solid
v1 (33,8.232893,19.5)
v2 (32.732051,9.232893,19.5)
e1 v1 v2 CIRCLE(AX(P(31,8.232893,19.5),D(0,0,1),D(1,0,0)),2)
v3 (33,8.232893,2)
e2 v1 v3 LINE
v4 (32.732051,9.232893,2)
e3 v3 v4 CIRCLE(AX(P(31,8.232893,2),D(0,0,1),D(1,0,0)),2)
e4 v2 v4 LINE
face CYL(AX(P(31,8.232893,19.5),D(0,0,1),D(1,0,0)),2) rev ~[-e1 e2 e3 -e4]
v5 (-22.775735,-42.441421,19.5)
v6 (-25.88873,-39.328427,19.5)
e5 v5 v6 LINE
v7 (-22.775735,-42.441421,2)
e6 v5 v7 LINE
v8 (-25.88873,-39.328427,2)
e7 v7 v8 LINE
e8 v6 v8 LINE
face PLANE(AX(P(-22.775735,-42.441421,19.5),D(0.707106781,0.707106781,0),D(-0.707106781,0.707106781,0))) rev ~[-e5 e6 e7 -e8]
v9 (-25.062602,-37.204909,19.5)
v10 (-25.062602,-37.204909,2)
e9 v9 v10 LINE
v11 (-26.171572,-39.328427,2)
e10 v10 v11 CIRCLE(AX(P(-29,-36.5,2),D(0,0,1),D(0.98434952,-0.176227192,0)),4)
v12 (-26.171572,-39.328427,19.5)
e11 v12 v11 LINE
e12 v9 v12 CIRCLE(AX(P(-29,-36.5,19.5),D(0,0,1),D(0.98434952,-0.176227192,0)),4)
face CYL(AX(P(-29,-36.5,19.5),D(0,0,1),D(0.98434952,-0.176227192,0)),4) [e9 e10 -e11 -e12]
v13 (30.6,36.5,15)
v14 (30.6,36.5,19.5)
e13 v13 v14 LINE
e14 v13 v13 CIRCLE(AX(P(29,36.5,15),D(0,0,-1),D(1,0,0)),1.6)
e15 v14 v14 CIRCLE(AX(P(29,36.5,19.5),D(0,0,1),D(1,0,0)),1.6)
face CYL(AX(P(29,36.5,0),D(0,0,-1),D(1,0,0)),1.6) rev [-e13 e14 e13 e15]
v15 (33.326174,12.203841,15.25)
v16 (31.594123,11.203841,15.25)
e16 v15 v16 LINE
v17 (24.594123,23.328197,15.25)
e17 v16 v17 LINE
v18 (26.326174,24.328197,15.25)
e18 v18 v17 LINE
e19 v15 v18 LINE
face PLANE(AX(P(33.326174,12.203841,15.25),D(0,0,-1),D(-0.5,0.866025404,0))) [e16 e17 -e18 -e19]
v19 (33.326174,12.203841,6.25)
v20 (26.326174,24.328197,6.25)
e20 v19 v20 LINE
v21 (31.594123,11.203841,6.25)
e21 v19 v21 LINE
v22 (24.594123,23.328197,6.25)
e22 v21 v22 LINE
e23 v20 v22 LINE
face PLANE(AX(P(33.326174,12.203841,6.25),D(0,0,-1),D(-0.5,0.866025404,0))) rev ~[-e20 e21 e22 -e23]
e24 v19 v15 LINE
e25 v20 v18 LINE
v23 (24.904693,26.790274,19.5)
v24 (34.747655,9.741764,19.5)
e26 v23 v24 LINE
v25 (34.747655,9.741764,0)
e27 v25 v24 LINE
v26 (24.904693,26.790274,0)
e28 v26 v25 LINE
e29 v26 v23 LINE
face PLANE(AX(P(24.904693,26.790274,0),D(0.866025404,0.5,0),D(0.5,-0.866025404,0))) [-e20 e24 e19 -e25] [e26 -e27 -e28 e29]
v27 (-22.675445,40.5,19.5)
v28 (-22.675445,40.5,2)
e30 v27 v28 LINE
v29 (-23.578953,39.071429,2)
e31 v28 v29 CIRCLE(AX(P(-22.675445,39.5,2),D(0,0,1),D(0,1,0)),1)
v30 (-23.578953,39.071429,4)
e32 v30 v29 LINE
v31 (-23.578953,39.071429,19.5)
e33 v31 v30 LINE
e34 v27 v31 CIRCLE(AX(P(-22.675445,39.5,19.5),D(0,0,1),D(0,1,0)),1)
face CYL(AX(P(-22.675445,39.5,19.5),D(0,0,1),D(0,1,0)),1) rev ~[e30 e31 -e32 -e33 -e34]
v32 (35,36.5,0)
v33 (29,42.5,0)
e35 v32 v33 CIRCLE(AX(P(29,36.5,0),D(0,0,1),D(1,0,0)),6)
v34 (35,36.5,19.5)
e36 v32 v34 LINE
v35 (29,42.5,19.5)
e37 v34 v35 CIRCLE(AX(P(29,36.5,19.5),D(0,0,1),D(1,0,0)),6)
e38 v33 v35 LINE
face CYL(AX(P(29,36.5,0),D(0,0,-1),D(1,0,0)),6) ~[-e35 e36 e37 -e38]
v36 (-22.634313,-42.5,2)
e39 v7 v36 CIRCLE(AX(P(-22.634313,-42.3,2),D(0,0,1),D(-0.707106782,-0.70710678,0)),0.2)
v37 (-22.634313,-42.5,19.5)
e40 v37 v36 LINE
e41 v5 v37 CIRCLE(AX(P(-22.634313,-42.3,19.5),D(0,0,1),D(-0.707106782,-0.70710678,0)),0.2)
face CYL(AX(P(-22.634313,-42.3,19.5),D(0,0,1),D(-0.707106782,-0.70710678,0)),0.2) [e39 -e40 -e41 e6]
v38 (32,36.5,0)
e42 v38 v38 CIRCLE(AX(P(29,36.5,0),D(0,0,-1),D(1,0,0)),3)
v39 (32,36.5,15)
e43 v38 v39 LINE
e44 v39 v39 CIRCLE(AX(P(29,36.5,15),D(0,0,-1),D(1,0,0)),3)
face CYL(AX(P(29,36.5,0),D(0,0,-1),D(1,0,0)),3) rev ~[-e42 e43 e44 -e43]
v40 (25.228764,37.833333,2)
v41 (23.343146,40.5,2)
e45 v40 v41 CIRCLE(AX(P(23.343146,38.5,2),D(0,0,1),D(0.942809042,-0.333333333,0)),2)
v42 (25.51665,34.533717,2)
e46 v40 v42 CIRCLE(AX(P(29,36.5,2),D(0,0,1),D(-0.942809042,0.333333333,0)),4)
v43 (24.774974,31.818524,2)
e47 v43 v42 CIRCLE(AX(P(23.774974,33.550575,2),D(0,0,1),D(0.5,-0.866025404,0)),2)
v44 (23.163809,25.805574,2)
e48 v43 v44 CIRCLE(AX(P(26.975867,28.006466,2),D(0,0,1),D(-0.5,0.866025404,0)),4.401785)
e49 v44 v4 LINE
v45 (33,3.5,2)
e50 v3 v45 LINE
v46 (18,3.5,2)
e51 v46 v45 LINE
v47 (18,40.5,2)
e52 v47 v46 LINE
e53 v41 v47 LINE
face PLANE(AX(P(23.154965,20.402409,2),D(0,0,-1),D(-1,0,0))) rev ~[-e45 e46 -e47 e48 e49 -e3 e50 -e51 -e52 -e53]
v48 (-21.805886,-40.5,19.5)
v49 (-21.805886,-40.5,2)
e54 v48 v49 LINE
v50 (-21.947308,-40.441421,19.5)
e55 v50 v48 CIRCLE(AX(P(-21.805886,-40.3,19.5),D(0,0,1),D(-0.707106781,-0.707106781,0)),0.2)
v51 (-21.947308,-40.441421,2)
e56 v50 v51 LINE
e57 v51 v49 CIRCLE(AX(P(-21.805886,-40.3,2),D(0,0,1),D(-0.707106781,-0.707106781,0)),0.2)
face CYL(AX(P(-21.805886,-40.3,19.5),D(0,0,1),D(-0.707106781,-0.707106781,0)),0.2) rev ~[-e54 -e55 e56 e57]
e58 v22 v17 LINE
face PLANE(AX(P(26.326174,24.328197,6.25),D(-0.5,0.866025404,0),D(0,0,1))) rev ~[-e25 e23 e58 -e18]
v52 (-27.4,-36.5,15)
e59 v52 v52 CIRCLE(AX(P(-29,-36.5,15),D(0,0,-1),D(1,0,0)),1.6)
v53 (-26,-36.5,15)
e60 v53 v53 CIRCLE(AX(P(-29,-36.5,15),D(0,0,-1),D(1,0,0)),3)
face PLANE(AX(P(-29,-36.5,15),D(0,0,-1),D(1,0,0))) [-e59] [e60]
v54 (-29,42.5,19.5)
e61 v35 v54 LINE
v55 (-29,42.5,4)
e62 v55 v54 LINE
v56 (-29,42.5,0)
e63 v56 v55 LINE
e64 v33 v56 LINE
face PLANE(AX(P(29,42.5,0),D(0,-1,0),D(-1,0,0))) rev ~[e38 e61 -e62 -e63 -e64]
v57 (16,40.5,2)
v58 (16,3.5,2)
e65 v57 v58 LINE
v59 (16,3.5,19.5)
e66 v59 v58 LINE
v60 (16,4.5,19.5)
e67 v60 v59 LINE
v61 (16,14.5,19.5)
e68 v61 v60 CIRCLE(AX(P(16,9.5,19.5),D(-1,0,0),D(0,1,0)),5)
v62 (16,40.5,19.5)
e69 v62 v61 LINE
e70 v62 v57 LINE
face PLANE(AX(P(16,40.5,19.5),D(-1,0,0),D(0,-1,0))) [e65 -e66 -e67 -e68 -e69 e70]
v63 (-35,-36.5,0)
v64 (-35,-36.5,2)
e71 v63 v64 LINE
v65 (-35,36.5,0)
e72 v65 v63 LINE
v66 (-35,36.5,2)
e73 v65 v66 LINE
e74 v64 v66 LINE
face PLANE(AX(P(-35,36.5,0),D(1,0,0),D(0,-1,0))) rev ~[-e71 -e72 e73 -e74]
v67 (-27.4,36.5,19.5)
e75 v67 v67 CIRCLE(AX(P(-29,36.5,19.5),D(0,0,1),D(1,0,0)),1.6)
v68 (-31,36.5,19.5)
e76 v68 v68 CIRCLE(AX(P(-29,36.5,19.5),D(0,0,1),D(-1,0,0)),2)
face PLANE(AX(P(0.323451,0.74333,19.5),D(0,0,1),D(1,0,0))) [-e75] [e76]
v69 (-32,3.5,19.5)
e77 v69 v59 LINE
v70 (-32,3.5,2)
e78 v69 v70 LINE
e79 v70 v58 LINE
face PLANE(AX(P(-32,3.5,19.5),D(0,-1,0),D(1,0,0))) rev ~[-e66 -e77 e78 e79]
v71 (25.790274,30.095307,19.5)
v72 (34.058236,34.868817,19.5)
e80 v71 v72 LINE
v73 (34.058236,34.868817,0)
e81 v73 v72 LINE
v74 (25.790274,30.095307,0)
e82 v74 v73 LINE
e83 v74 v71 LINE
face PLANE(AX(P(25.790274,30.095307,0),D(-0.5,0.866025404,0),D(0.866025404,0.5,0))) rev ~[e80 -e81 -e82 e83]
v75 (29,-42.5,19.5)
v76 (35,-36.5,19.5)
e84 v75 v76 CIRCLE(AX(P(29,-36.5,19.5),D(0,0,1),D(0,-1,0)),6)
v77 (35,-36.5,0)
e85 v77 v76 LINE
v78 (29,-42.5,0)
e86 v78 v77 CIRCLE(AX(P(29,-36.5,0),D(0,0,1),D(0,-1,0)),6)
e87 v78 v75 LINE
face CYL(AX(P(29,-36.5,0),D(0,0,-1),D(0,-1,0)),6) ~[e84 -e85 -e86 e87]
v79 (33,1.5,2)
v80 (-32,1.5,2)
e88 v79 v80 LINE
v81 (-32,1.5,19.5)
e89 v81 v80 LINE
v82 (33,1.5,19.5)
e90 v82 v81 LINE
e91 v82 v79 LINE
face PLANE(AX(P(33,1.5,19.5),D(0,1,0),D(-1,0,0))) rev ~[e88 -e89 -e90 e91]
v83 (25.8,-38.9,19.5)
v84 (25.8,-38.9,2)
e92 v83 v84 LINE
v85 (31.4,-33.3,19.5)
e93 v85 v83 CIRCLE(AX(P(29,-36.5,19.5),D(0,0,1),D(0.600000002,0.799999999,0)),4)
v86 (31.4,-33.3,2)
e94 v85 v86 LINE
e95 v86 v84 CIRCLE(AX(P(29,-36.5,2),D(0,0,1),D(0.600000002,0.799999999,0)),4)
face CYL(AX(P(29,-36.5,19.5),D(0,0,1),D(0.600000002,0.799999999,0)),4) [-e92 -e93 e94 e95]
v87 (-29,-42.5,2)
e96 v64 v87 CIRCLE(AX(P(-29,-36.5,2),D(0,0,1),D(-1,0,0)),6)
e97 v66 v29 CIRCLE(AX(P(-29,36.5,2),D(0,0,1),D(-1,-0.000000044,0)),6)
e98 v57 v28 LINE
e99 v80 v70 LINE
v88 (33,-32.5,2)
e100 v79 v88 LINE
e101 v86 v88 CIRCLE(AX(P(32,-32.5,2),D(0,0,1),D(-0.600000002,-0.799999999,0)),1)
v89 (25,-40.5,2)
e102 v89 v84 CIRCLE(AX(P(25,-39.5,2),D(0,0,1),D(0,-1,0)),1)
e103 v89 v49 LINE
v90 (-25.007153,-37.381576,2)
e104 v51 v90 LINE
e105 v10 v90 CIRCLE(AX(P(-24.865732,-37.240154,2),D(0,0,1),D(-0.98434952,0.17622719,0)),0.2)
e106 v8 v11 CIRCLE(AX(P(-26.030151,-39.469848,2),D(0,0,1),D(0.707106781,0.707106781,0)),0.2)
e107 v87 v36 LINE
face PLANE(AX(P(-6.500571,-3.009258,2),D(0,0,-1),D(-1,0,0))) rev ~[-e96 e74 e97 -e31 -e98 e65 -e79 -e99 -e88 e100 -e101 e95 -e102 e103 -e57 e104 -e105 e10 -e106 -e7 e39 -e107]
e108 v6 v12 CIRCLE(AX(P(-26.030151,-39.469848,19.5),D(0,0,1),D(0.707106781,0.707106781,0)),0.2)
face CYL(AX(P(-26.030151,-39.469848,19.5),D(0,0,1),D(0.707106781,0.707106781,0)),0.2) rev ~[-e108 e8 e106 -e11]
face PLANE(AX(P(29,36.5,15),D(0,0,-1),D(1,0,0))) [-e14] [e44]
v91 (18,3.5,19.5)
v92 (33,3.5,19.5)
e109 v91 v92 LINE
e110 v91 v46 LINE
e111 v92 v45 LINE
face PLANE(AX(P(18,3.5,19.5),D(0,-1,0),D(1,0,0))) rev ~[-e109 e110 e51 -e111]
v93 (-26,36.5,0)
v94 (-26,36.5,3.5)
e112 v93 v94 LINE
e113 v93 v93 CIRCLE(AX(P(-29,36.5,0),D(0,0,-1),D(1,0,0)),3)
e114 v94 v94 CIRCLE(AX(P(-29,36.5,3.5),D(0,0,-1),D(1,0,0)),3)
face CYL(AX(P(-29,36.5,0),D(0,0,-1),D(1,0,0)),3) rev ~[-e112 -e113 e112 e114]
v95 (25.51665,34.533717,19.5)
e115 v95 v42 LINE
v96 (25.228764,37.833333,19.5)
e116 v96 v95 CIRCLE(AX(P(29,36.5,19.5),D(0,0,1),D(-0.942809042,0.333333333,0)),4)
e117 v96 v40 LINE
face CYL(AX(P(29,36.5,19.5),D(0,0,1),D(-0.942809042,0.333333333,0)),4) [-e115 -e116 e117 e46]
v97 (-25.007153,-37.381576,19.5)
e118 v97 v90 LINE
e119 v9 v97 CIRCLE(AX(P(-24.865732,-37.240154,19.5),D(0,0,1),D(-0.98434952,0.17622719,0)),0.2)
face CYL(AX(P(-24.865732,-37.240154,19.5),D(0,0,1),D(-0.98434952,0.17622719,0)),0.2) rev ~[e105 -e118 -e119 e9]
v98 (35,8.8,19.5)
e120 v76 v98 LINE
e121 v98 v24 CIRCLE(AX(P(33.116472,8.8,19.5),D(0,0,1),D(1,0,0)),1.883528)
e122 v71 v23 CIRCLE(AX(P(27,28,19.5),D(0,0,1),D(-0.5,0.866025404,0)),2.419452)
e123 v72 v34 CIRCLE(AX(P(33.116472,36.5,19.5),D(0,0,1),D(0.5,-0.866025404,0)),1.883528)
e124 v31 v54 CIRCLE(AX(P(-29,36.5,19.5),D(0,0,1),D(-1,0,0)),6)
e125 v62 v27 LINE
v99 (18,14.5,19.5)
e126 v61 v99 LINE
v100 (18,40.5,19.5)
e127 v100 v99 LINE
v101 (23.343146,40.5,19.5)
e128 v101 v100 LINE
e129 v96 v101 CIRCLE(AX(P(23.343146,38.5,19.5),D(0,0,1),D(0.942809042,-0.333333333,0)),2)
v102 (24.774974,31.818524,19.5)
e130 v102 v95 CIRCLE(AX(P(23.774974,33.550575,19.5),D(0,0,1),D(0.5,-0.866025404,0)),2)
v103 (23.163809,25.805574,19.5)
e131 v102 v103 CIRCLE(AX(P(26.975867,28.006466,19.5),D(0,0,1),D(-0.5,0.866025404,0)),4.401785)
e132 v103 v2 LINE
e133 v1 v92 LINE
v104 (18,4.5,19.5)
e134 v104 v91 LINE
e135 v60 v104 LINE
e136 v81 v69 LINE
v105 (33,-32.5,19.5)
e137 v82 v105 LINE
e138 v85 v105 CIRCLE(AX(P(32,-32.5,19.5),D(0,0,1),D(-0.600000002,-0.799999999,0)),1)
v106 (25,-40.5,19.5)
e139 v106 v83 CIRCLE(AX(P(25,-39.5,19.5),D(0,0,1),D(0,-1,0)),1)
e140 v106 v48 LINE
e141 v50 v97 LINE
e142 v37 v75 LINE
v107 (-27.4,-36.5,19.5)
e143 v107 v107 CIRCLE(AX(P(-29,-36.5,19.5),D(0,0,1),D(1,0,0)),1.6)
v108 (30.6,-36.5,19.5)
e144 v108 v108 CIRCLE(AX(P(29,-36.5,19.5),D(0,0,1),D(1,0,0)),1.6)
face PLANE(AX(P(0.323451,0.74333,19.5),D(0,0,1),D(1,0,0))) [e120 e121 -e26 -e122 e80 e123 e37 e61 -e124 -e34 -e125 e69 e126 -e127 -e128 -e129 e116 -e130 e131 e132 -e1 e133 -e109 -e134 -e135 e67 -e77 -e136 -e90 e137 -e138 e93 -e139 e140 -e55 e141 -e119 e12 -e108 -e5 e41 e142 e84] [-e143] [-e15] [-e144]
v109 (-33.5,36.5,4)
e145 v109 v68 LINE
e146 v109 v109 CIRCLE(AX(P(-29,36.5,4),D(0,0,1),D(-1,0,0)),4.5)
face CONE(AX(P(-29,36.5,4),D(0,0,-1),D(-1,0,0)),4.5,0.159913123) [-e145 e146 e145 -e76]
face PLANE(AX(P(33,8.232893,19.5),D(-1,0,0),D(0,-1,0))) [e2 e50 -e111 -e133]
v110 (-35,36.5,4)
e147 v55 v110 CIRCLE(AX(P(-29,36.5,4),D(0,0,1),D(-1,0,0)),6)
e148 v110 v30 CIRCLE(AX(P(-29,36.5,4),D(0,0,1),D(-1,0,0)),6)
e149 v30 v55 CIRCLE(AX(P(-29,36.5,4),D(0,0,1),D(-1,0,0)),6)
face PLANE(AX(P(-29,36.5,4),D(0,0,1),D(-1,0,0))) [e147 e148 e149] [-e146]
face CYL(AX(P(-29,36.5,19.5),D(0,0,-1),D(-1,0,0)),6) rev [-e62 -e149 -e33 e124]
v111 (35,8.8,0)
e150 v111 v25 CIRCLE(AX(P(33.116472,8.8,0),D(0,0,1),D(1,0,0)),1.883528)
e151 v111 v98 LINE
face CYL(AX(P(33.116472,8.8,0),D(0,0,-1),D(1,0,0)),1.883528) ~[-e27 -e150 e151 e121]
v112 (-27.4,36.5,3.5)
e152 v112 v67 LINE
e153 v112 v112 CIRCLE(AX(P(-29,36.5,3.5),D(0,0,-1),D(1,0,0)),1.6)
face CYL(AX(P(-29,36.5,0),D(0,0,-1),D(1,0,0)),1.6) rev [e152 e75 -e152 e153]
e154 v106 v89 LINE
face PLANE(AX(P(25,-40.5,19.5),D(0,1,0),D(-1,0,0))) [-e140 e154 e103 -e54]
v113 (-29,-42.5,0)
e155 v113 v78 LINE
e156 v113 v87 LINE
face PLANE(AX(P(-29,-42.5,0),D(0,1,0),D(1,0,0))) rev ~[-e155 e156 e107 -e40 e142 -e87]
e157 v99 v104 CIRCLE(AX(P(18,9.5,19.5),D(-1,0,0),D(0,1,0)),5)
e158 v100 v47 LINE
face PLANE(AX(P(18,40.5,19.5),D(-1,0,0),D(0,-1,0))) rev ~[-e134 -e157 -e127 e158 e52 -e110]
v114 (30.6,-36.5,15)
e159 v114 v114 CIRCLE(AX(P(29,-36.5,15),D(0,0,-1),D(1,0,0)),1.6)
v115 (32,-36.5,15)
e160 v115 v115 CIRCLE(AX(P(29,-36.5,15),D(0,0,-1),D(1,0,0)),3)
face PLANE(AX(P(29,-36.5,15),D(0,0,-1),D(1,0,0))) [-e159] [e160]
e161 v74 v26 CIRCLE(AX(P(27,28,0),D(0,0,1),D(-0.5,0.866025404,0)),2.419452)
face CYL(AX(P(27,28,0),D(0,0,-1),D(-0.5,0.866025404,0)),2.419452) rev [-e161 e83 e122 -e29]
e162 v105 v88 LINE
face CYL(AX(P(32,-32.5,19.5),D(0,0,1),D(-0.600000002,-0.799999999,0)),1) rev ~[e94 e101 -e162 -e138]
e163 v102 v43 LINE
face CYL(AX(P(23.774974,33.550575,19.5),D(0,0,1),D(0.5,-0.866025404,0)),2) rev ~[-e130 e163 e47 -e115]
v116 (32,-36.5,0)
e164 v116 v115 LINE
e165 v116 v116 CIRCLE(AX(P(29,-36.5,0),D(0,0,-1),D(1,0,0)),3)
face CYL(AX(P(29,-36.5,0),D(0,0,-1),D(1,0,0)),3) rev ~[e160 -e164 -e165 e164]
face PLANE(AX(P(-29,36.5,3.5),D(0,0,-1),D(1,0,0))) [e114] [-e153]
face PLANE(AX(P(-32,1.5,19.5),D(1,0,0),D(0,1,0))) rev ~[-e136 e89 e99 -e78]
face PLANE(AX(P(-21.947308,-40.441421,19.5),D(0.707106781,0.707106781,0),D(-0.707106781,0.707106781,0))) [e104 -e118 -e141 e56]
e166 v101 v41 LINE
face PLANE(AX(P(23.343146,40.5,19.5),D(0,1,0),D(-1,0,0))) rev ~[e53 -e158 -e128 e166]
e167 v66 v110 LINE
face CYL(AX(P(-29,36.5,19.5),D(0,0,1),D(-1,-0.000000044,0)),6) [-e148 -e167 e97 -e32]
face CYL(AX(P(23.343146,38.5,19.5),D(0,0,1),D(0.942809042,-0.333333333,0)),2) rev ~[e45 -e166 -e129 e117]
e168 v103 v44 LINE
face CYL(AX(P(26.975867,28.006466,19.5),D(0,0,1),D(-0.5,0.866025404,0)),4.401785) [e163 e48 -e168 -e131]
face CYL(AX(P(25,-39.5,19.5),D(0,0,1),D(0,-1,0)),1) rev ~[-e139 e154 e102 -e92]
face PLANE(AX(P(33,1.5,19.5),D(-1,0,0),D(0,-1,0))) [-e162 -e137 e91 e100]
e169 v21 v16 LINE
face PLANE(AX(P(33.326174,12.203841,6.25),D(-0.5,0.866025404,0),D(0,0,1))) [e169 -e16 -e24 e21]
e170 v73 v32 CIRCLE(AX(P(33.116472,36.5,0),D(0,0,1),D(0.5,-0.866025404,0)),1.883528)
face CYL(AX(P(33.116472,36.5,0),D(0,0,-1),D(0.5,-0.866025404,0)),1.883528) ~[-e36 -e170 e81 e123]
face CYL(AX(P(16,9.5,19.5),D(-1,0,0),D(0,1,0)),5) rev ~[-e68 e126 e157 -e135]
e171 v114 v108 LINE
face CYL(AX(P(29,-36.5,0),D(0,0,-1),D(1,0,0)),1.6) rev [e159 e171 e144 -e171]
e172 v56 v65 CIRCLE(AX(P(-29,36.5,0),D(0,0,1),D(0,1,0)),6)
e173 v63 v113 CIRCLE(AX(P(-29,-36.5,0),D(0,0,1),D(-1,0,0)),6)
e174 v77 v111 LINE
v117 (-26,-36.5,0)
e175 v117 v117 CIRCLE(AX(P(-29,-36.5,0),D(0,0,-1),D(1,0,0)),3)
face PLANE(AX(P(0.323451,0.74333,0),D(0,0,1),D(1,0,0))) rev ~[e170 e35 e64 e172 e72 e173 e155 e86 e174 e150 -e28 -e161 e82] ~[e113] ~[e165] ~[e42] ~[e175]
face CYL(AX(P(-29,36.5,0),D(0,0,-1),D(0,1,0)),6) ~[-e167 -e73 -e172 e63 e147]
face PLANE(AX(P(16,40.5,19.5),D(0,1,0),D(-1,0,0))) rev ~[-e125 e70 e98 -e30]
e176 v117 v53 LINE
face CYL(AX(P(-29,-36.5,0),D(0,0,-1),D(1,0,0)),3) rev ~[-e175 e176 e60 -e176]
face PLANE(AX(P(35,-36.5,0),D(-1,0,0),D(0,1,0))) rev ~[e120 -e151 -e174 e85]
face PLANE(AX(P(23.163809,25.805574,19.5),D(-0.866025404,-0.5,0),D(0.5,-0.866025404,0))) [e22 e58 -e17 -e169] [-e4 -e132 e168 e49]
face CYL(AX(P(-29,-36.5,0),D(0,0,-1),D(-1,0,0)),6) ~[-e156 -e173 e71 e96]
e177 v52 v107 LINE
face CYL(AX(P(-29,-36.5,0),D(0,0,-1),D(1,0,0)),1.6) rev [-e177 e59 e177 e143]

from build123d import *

# Parameters (mm, degrees)
SKETCH002_R     = 1.6
PAD001_DEPTH    = 19.5
POCKET001_DEPTH = 17.5
SKETCH005_R     = 3
POCKET002_DEPTH = 15
SKETCH006_R     = 3
POCKET003_DEPTH = 3.5
POCKET004_DEPTH = 2
SKETCH008_W     = 14
SKETCH008_H     = 9
POCKET005_DEPTH = 2


with BuildPart() as part:
    # Sketch002 → Pad001 (new body)
    with BuildSketch(Plane.XY):
        with BuildLine():
            Line((-35, 36.5000000001), (-35, -36.5))
            ThreePointArc((-35, -36.5), (-33.2426406871, -40.7426406871), (-29, -42.5))
            Line((-29, -42.5), (29, -42.5))
            ThreePointArc((29, -42.5), (33.2426406868, -40.7426406875), (35, -36.500000001))
            Line((35, -36.500000001), (35.0000000077, 8.799999999))
            ThreePointArc((35.0000000077, 8.799999999), (34.9358203402, 9.2874929726), (34.747655076, 9.7417641056))
            Line((24.9046932533, 26.7902740862), (34.747655076, 9.7417641056))
            ThreePointArc((25.7902740862, 30.0953067467), (24.6629889937, 28.6262002123), (24.9046932533, 26.7902740862))
            Line((25.7902740862, 30.0953067467), (34.0582358931, 34.8688167197))
            ThreePointArc((34.0582358931, 34.8688167197), (34.7476550681, 35.5582358947), (34.9999999999, 36.5000000017))
            ThreePointArc((34.9999999999, 36.5000000017), (33.2426406864, 40.7426406877), (28.9999999999, 42.5))
            Line((28.9999999999, 42.5), (-29.0000000001, 42.5))
            ThreePointArc((-29.0000000001, 42.5), (-33.2426406871, 40.7426406871), (-35, 36.5000000001))
        make_face()
        with Locations((28.9999999999, 36.5)):
            Circle(SKETCH002_R, mode=Mode.SUBTRACT)
        with Locations((29, -36.5)):
            Circle(SKETCH002_R, mode=Mode.SUBTRACT)
        with Locations((-29, -36.5)):
            Circle(SKETCH002_R, mode=Mode.SUBTRACT)
        with Locations((-29.0000000001, 36.5000000001)):
            Circle(SKETCH002_R, mode=Mode.SUBTRACT)
    extrude(amount=PAD001_DEPTH)

    # Sketch003 (on Face19 of Pad001) → Pocket001 (cut)
    with BuildSketch(Plane.XY.offset(19.5)):
        with BuildLine():
            ThreePointArc((25.2287638336, 37.8333333333), (25.0151381406, 36.1523277954), (25.516649593, 34.5337167186))
            ThreePointArc((24.7749743893, 31.8185242701), (25.7042911697, 33.0235677135), (25.516649593, 34.5337167186))
            ThreePointArc((24.7749743893, 31.8185242701), (22.7240689546, 29.1457322713), (23.1638091612, 25.8055737838))
            Line((23.1638091612, 25.8055737838), (32.7320508154, 9.2328930931))
            ThreePointArc((33.0000000077, 8.2328930934), (32.9318516603, 8.7505311835), (32.7320508154, 9.2328930931))
            Line((33.0000000077, 8.2328930934), (33.0000000077, 3.5))
            Line((18.0000000077, 3.5), (33.0000000077, 3.5))
            Line((18.0000000077, 40.5), (18.0000000077, 3.5))
            Line((23.3431457504, 40.5), (18.0000000077, 40.5))
            ThreePointArc((25.2287638336, 37.8333333333), (24.9761389123, 39.6547005384), (23.3431457504, 40.5))
        make_face()
        with BuildLine():
            ThreePointArc((31.4000000061, -33.3000000046), (26.171572878, -33.6715728725), (25.8, -38.9))
            ThreePointArc((25, -40.5), (25.894427191, -39.9472135955), (25.8, -38.9))
            Line((25, -40.5), (-21.8058862217, -40.5))
            ThreePointArc((-21.947307578, -40.4414213562), (-21.8824229082, -40.4847759065), (-21.8058862217, -40.5))
            Line((-21.947307578, -40.4414213562), (-25.0071533734, -37.3815755608))
            ThreePointArc((-25.0626019212, -37.2049087662), (-25.0565540108, -37.3000454956), (-25.0071533734, -37.3815755608))
            ThreePointArc((-25.0626019212, -37.2049087662), (-32.5456214666, -34.648360614), (-26.1715722902, -39.3284265397))
            ThreePointArc((-25.8887295485, -39.3284265105), (-26.0301509254, -39.2698478667), (-26.1715722902, -39.3284265397))
            Line((-22.7757347027, -42.4414213562), (-25.8887295485, -39.3284265105))
            ThreePointArc((-22.7757347027, -42.4414213562), (-22.710850033, -42.4847759065), (-22.6343133465, -42.5))
            Line((-29, -42.5), (-22.6343133465, -42.5))
            ThreePointArc((-35, -36.5), (-33.2426406871, -40.7426406871), (-29, -42.5))
            Line((-35, -36.5), (-35, 36.4999997364))
            ThreePointArc((-35, 36.4999997364), (-27.6821008816, 30.6465273631), (-23.5789525827, 39.0714285714))
            ThreePointArc((-22.6754446798, 40.5), (-23.5205989345, 40.0345224838), (-23.5789525827, 39.0714285714))
            Line((16.0000000077, 40.5), (-22.6754446798, 40.5))
            Line((16.0000000077, 40.5), (16.0000000077, 3.5))
            Line((-32, 3.5), (16.0000000077, 3.5))
            Line((-32, 1.5), (-32, 3.5))
            Line((33.0000000077, 1.5), (-32, 1.5))
            Line((33.0000000077, 1.5), (33.0000000077, -32.5000000058))
            ThreePointArc((31.4000000061, -33.3000000046), (32.4472136023, -33.3944271972), (33.0000000077, -32.5000000058))
        make_face()
    extrude(amount=-POCKET001_DEPTH, mode=Mode.SUBTRACT)

    # Sketch004 (on DatumLine) → Groove (revolve, cut)
    with BuildSketch(Plane(origin=(-29.0000000001, 36.5000000001, 19.5), x_dir=(1, 0, 0), z_dir=(0, -1, 0))):
        Polygon((-5.9999999999, 0), (-5.9999999999, -15.5), (-4.4999999999, -15.5), (-2, 0), align=None)
    revolve(axis=Axis((-29.0000000001, 36.5000000001, 19.5), (0, 0, 1)), mode=Mode.SUBTRACT)

    # Sketch005 (on Face4 of Groove) → Pocket002 (cut)
    with BuildSketch(Plane(origin=(0, 0, 0), x_dir=(1, 0, 0), z_dir=(0, 0, -1))):
        with Locations((29, -36.5)):
            Circle(SKETCH005_R)
        with Locations((29, 36.5)):
            Circle(SKETCH005_R)
        with Locations((-29, 36.5)):
            Circle(SKETCH005_R)
    extrude(amount=-POCKET002_DEPTH, mode=Mode.SUBTRACT)

    # Sketch006 (on Face4 of Pocket002) → Pocket003 (cut)
    with BuildSketch(Plane(origin=(0, 0, 0), x_dir=(1, 0, 0), z_dir=(0, 0, -1))):
        with Locations((-29, -36.5)):
            Circle(SKETCH006_R)
    extrude(amount=-POCKET003_DEPTH, mode=Mode.SUBTRACT)

    # Sketch007 (on Face35 of Pocket003) → Pocket004 (cut)
    with BuildSketch(Plane(origin=(16.0000000077, 0, 0), x_dir=(0, -1, 0), z_dir=(-1, 0, 0))):
        with BuildLine():
            ThreePointArc((-14.5, 19.5), (-9.5, 14.5), (-4.5, 19.5))
            Line((-14.5, 19.5), (-4.5, 19.5))
        make_face()
    extrude(amount=-POCKET004_DEPTH, mode=Mode.SUBTRACT)

    # Sketch008 (on Face6 of Pocket004) → Pocket005 (cut)
    with BuildSketch(Plane(origin=(30.2790489079, 17.4816170309, 0), x_dir=(-0.4999999999, 0.8660254039, 0), z_dir=(0.8660254039, 0.4999999999, 0))):
        with Locations((0.9057494867, 10.75)):
            Rectangle(SKETCH008_W, SKETCH008_H)
    extrude(amount=-POCKET005_DEPTH, mode=Mode.SUBTRACT)


solid = part.part
